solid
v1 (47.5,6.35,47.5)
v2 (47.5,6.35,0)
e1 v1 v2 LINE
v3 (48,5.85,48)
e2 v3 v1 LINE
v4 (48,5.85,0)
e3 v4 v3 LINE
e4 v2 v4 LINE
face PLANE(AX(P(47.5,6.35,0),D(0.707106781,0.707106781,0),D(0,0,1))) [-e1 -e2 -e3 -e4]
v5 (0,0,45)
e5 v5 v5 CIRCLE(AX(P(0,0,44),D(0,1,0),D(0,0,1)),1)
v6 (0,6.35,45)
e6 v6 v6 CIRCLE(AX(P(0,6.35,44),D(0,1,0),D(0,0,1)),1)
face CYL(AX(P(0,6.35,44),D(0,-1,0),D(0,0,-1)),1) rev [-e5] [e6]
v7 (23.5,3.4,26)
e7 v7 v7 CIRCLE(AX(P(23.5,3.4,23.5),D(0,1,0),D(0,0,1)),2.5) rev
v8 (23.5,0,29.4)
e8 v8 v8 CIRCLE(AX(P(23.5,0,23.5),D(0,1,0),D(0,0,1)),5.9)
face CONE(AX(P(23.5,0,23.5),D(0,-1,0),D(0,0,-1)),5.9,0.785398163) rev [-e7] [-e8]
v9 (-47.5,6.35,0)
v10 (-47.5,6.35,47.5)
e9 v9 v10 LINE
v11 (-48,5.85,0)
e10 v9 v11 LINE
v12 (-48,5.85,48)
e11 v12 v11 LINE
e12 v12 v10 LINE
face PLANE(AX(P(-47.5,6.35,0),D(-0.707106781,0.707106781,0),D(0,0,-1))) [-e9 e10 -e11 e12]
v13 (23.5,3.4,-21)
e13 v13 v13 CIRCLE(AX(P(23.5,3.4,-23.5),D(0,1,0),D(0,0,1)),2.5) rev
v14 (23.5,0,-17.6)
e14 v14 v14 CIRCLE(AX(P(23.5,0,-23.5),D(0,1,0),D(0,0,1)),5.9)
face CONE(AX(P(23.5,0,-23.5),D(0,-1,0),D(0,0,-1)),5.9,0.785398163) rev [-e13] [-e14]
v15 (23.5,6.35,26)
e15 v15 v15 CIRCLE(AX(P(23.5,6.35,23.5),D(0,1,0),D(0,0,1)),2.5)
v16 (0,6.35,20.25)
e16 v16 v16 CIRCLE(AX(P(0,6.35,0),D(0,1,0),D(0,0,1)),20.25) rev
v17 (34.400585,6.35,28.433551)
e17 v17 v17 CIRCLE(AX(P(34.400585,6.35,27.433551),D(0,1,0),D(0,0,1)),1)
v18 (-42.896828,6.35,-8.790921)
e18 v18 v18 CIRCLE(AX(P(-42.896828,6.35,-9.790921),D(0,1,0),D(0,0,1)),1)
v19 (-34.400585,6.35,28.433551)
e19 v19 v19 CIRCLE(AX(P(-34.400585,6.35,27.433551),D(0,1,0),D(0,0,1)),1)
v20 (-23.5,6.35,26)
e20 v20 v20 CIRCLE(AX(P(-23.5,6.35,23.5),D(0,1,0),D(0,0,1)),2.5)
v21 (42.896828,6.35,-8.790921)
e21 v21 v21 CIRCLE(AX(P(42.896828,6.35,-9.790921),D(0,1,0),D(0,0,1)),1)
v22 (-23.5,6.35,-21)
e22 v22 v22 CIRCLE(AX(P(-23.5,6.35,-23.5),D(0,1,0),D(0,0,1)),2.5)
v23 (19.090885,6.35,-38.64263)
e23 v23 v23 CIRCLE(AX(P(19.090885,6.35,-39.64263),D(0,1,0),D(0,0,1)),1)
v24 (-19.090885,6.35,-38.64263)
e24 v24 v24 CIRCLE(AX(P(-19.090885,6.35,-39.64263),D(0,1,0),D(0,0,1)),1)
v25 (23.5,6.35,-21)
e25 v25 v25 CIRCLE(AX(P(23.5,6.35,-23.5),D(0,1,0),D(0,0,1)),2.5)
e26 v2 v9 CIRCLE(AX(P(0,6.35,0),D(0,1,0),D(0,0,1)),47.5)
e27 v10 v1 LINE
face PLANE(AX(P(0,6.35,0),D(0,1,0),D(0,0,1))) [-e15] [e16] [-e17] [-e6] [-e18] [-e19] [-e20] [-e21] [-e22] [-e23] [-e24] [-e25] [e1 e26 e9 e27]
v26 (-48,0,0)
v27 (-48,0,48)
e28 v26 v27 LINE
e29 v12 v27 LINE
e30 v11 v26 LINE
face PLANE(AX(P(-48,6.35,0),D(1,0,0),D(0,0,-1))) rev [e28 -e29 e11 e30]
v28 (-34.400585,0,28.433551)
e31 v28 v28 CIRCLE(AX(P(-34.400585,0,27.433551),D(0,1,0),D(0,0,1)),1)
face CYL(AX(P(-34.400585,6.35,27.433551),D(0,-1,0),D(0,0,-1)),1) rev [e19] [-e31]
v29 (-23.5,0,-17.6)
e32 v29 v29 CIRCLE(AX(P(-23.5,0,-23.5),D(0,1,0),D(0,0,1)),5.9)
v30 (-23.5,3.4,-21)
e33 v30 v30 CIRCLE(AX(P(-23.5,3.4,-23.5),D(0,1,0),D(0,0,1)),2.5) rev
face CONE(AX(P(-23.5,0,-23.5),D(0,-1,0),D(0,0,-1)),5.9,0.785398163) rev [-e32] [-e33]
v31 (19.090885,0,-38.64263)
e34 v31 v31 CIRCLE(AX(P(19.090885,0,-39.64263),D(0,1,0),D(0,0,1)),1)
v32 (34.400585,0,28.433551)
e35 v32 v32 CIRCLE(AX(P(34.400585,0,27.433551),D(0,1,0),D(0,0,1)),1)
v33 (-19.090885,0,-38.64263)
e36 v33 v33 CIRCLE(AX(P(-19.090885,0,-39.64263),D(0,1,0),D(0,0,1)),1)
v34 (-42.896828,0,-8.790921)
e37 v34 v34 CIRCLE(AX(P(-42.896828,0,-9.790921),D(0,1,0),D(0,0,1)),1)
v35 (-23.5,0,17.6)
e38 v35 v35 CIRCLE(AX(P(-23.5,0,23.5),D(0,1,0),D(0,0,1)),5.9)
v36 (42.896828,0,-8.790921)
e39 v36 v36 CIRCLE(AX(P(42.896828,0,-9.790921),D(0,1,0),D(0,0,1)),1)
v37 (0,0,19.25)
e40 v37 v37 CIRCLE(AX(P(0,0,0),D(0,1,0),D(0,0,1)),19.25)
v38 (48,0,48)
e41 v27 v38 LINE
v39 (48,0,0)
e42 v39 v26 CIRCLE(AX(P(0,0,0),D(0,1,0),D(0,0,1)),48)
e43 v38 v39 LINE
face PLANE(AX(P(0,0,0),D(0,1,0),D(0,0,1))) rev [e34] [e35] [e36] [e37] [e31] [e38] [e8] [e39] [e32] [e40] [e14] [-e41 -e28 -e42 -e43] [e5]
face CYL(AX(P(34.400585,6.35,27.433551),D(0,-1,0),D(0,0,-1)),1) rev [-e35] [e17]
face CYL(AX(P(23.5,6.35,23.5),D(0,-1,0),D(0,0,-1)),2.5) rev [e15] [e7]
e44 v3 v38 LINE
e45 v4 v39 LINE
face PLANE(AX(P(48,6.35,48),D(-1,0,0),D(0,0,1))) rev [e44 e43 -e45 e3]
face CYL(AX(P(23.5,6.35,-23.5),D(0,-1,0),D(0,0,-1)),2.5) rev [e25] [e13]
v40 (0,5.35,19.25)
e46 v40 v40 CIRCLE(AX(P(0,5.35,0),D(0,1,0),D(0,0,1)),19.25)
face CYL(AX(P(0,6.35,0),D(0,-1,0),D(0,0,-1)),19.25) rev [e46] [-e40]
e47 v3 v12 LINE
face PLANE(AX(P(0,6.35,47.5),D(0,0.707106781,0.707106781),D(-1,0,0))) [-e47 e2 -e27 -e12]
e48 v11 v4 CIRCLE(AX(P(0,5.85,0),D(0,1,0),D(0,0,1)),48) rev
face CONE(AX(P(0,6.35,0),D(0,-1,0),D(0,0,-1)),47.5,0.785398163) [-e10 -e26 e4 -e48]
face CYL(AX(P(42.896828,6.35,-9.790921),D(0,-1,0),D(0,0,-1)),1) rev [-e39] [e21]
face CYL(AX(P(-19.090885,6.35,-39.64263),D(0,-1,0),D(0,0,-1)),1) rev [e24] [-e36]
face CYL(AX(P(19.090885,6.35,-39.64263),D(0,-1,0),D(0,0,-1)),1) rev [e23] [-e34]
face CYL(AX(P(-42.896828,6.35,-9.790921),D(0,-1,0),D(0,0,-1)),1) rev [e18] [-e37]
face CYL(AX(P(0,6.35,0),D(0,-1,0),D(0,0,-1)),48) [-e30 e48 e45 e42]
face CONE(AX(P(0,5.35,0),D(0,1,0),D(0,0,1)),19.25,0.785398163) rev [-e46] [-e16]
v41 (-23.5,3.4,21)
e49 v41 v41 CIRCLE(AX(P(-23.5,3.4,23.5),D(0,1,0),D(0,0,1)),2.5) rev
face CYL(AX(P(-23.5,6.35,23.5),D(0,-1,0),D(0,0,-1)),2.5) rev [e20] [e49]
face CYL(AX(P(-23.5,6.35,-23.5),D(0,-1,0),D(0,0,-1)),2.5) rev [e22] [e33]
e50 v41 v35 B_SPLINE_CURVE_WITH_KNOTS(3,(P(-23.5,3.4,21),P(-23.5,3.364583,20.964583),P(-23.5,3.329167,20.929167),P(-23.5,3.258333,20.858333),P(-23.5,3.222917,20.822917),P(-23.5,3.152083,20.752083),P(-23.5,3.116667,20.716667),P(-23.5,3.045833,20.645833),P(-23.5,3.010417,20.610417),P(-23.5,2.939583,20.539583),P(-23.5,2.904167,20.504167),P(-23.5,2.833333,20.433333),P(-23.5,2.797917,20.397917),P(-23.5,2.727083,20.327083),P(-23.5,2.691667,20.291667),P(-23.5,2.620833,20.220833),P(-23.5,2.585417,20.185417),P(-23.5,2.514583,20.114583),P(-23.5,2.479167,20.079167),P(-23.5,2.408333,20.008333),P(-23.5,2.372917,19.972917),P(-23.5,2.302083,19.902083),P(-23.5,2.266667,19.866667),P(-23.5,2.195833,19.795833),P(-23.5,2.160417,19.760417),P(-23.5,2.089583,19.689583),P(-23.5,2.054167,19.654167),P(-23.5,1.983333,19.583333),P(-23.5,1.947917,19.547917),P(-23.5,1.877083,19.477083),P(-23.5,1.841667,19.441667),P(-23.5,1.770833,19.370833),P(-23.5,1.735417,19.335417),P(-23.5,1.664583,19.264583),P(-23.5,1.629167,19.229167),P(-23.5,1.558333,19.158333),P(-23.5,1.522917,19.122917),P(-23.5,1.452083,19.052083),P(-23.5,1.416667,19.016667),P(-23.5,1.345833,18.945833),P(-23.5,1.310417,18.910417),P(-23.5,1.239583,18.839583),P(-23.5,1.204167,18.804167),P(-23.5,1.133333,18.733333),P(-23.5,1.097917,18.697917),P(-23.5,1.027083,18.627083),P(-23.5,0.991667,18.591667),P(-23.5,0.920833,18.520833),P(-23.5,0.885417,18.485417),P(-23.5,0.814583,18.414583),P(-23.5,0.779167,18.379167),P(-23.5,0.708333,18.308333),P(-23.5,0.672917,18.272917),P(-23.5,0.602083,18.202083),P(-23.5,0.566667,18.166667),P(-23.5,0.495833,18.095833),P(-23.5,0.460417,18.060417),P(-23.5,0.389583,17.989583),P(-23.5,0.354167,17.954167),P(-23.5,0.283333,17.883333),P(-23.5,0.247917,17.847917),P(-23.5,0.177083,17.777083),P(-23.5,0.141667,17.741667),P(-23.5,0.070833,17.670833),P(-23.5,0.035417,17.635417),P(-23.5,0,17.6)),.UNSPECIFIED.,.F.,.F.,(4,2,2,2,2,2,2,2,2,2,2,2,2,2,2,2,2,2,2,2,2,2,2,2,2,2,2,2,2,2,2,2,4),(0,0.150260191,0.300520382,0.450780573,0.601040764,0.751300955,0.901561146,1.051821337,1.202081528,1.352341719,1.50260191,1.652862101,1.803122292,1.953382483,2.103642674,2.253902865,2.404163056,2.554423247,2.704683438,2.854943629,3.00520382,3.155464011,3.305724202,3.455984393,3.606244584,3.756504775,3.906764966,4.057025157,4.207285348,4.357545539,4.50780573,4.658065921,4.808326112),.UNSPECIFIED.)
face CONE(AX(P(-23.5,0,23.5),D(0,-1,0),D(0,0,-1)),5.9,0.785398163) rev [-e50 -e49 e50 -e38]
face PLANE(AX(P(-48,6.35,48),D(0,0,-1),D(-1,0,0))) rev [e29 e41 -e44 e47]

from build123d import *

# Parameters (mm, degrees)
SKETCH6_W           = 96
SKETCH6_H           = 48
BOSS_EXTRUDE1_DEPTH = 6.35
SKETCH2_R           = 48
SKETCH2_R_2         = 1
SKETCH2_R_3         = 19.25
SKETCH2_R_4         = 2.5
BOSS_EXTRUDE2_DEPTH = 6.35
SKETCH2_4_R         = 1
SKETCH2_4_R_2       = 19.25
SKETCH2_4_R_3       = 2.5
CUT_EXTRUDE1_DEPTH  = 6.35
CHAMFER1_SIZE       = 0.5
CHAMFER3_SIZE       = 1
CHAMFER5_SIZE       = 3.4


with BuildPart() as part:
    # Sketch6 → Boss-Extrude1 (new body)
    with BuildSketch(Plane(origin=(0, 0, 0), x_dir=(1, 0, 0), z_dir=(0, 1, 0))):
        with Locations((0, -24)):
            Rectangle(SKETCH6_W, SKETCH6_H)
    extrude(amount=BOSS_EXTRUDE1_DEPTH)

    # Sketch2 → Boss-Extrude2 (add)
    with BuildSketch(Plane(origin=(0, 0, 0), x_dir=(1, 0, 0), z_dir=(0, 1, 0))):
        Circle(SKETCH2_R)
        with Locations((0, -44)):
            Circle(SKETCH2_R_2, mode=Mode.SUBTRACT)
        with Locations((-34.400585229, -27.433551282)):
            Circle(SKETCH2_R_2, mode=Mode.SUBTRACT)
        with Locations((-42.896828136, 9.790921094)):
            Circle(SKETCH2_R_2, mode=Mode.SUBTRACT)
        with Locations((-19.090884521, 39.642630188)):
            Circle(SKETCH2_R_2, mode=Mode.SUBTRACT)
        with Locations((19.090884521, 39.642630188)):
            Circle(SKETCH2_R_2, mode=Mode.SUBTRACT)
        with Locations((42.896828136, 9.790921094)):
            Circle(SKETCH2_R_2, mode=Mode.SUBTRACT)
        with Locations((34.400585229, -27.433551282)):
            Circle(SKETCH2_R_2, mode=Mode.SUBTRACT)
        Circle(SKETCH2_R_3, mode=Mode.SUBTRACT)
        with Locations((23.5, 23.5)):
            Circle(SKETCH2_R_4, mode=Mode.SUBTRACT)
        with Locations((23.5, -23.5)):
            Circle(SKETCH2_R_4, mode=Mode.SUBTRACT)
        with Locations((-23.5, -23.5)):
            Circle(SKETCH2_R_4, mode=Mode.SUBTRACT)
        with Locations((-23.5, 23.5)):
            Circle(SKETCH2_R_4, mode=Mode.SUBTRACT)
    extrude(amount=BOSS_EXTRUDE2_DEPTH)

    # Sketch2<4> → Cut-Extrude1 (cut)
    with BuildSketch(Plane(origin=(0, 0, 0), x_dir=(1, 0, 0), z_dir=(0, 1, 0))):
        with Locations((0, -44)):
            Circle(SKETCH2_4_R)
        with Locations((-34.400585229, -27.433551282)):
            Circle(SKETCH2_4_R)
        with Locations((34.400585229, -27.433551282)):
            Circle(SKETCH2_4_R)
        Circle(SKETCH2_4_R_2)
        with Locations((23.5, -23.5)):
            Circle(SKETCH2_4_R_3)
        with Locations((-23.5, -23.5)):
            Circle(SKETCH2_4_R_3)
    extrude(amount=CUT_EXTRUDE1_DEPTH, mode=Mode.SUBTRACT)

    # Chamfer1
    chamfer1_edges = [part.edges().sort_by_distance(p)[0] for p in [
        (-48, 6.35, 24),
        (0, 6.35, -48),
        (48, 6.35, 24),
        (0, 6.35, 48),
    ]]
    chamfer(chamfer1_edges, length=CHAMFER1_SIZE)

    # Chamfer3
    chamfer3_edges = [part.edges().sort_by_distance(p)[0] for p in [
        (-19.25, 6.35, 0),
    ]]
    chamfer(chamfer3_edges, length=CHAMFER3_SIZE)

    # Chamfer5
    chamfer5_edges = [part.edges().sort_by_distance(p)[0] for p in [
        (21, 0, 23.5),
        (21, 0, -23.5),
        (-26, 0, -23.5),
        (-26, 0, 23.5),
    ]]
    chamfer(chamfer5_edges, length=CHAMFER5_SIZE)


solid = part.part
